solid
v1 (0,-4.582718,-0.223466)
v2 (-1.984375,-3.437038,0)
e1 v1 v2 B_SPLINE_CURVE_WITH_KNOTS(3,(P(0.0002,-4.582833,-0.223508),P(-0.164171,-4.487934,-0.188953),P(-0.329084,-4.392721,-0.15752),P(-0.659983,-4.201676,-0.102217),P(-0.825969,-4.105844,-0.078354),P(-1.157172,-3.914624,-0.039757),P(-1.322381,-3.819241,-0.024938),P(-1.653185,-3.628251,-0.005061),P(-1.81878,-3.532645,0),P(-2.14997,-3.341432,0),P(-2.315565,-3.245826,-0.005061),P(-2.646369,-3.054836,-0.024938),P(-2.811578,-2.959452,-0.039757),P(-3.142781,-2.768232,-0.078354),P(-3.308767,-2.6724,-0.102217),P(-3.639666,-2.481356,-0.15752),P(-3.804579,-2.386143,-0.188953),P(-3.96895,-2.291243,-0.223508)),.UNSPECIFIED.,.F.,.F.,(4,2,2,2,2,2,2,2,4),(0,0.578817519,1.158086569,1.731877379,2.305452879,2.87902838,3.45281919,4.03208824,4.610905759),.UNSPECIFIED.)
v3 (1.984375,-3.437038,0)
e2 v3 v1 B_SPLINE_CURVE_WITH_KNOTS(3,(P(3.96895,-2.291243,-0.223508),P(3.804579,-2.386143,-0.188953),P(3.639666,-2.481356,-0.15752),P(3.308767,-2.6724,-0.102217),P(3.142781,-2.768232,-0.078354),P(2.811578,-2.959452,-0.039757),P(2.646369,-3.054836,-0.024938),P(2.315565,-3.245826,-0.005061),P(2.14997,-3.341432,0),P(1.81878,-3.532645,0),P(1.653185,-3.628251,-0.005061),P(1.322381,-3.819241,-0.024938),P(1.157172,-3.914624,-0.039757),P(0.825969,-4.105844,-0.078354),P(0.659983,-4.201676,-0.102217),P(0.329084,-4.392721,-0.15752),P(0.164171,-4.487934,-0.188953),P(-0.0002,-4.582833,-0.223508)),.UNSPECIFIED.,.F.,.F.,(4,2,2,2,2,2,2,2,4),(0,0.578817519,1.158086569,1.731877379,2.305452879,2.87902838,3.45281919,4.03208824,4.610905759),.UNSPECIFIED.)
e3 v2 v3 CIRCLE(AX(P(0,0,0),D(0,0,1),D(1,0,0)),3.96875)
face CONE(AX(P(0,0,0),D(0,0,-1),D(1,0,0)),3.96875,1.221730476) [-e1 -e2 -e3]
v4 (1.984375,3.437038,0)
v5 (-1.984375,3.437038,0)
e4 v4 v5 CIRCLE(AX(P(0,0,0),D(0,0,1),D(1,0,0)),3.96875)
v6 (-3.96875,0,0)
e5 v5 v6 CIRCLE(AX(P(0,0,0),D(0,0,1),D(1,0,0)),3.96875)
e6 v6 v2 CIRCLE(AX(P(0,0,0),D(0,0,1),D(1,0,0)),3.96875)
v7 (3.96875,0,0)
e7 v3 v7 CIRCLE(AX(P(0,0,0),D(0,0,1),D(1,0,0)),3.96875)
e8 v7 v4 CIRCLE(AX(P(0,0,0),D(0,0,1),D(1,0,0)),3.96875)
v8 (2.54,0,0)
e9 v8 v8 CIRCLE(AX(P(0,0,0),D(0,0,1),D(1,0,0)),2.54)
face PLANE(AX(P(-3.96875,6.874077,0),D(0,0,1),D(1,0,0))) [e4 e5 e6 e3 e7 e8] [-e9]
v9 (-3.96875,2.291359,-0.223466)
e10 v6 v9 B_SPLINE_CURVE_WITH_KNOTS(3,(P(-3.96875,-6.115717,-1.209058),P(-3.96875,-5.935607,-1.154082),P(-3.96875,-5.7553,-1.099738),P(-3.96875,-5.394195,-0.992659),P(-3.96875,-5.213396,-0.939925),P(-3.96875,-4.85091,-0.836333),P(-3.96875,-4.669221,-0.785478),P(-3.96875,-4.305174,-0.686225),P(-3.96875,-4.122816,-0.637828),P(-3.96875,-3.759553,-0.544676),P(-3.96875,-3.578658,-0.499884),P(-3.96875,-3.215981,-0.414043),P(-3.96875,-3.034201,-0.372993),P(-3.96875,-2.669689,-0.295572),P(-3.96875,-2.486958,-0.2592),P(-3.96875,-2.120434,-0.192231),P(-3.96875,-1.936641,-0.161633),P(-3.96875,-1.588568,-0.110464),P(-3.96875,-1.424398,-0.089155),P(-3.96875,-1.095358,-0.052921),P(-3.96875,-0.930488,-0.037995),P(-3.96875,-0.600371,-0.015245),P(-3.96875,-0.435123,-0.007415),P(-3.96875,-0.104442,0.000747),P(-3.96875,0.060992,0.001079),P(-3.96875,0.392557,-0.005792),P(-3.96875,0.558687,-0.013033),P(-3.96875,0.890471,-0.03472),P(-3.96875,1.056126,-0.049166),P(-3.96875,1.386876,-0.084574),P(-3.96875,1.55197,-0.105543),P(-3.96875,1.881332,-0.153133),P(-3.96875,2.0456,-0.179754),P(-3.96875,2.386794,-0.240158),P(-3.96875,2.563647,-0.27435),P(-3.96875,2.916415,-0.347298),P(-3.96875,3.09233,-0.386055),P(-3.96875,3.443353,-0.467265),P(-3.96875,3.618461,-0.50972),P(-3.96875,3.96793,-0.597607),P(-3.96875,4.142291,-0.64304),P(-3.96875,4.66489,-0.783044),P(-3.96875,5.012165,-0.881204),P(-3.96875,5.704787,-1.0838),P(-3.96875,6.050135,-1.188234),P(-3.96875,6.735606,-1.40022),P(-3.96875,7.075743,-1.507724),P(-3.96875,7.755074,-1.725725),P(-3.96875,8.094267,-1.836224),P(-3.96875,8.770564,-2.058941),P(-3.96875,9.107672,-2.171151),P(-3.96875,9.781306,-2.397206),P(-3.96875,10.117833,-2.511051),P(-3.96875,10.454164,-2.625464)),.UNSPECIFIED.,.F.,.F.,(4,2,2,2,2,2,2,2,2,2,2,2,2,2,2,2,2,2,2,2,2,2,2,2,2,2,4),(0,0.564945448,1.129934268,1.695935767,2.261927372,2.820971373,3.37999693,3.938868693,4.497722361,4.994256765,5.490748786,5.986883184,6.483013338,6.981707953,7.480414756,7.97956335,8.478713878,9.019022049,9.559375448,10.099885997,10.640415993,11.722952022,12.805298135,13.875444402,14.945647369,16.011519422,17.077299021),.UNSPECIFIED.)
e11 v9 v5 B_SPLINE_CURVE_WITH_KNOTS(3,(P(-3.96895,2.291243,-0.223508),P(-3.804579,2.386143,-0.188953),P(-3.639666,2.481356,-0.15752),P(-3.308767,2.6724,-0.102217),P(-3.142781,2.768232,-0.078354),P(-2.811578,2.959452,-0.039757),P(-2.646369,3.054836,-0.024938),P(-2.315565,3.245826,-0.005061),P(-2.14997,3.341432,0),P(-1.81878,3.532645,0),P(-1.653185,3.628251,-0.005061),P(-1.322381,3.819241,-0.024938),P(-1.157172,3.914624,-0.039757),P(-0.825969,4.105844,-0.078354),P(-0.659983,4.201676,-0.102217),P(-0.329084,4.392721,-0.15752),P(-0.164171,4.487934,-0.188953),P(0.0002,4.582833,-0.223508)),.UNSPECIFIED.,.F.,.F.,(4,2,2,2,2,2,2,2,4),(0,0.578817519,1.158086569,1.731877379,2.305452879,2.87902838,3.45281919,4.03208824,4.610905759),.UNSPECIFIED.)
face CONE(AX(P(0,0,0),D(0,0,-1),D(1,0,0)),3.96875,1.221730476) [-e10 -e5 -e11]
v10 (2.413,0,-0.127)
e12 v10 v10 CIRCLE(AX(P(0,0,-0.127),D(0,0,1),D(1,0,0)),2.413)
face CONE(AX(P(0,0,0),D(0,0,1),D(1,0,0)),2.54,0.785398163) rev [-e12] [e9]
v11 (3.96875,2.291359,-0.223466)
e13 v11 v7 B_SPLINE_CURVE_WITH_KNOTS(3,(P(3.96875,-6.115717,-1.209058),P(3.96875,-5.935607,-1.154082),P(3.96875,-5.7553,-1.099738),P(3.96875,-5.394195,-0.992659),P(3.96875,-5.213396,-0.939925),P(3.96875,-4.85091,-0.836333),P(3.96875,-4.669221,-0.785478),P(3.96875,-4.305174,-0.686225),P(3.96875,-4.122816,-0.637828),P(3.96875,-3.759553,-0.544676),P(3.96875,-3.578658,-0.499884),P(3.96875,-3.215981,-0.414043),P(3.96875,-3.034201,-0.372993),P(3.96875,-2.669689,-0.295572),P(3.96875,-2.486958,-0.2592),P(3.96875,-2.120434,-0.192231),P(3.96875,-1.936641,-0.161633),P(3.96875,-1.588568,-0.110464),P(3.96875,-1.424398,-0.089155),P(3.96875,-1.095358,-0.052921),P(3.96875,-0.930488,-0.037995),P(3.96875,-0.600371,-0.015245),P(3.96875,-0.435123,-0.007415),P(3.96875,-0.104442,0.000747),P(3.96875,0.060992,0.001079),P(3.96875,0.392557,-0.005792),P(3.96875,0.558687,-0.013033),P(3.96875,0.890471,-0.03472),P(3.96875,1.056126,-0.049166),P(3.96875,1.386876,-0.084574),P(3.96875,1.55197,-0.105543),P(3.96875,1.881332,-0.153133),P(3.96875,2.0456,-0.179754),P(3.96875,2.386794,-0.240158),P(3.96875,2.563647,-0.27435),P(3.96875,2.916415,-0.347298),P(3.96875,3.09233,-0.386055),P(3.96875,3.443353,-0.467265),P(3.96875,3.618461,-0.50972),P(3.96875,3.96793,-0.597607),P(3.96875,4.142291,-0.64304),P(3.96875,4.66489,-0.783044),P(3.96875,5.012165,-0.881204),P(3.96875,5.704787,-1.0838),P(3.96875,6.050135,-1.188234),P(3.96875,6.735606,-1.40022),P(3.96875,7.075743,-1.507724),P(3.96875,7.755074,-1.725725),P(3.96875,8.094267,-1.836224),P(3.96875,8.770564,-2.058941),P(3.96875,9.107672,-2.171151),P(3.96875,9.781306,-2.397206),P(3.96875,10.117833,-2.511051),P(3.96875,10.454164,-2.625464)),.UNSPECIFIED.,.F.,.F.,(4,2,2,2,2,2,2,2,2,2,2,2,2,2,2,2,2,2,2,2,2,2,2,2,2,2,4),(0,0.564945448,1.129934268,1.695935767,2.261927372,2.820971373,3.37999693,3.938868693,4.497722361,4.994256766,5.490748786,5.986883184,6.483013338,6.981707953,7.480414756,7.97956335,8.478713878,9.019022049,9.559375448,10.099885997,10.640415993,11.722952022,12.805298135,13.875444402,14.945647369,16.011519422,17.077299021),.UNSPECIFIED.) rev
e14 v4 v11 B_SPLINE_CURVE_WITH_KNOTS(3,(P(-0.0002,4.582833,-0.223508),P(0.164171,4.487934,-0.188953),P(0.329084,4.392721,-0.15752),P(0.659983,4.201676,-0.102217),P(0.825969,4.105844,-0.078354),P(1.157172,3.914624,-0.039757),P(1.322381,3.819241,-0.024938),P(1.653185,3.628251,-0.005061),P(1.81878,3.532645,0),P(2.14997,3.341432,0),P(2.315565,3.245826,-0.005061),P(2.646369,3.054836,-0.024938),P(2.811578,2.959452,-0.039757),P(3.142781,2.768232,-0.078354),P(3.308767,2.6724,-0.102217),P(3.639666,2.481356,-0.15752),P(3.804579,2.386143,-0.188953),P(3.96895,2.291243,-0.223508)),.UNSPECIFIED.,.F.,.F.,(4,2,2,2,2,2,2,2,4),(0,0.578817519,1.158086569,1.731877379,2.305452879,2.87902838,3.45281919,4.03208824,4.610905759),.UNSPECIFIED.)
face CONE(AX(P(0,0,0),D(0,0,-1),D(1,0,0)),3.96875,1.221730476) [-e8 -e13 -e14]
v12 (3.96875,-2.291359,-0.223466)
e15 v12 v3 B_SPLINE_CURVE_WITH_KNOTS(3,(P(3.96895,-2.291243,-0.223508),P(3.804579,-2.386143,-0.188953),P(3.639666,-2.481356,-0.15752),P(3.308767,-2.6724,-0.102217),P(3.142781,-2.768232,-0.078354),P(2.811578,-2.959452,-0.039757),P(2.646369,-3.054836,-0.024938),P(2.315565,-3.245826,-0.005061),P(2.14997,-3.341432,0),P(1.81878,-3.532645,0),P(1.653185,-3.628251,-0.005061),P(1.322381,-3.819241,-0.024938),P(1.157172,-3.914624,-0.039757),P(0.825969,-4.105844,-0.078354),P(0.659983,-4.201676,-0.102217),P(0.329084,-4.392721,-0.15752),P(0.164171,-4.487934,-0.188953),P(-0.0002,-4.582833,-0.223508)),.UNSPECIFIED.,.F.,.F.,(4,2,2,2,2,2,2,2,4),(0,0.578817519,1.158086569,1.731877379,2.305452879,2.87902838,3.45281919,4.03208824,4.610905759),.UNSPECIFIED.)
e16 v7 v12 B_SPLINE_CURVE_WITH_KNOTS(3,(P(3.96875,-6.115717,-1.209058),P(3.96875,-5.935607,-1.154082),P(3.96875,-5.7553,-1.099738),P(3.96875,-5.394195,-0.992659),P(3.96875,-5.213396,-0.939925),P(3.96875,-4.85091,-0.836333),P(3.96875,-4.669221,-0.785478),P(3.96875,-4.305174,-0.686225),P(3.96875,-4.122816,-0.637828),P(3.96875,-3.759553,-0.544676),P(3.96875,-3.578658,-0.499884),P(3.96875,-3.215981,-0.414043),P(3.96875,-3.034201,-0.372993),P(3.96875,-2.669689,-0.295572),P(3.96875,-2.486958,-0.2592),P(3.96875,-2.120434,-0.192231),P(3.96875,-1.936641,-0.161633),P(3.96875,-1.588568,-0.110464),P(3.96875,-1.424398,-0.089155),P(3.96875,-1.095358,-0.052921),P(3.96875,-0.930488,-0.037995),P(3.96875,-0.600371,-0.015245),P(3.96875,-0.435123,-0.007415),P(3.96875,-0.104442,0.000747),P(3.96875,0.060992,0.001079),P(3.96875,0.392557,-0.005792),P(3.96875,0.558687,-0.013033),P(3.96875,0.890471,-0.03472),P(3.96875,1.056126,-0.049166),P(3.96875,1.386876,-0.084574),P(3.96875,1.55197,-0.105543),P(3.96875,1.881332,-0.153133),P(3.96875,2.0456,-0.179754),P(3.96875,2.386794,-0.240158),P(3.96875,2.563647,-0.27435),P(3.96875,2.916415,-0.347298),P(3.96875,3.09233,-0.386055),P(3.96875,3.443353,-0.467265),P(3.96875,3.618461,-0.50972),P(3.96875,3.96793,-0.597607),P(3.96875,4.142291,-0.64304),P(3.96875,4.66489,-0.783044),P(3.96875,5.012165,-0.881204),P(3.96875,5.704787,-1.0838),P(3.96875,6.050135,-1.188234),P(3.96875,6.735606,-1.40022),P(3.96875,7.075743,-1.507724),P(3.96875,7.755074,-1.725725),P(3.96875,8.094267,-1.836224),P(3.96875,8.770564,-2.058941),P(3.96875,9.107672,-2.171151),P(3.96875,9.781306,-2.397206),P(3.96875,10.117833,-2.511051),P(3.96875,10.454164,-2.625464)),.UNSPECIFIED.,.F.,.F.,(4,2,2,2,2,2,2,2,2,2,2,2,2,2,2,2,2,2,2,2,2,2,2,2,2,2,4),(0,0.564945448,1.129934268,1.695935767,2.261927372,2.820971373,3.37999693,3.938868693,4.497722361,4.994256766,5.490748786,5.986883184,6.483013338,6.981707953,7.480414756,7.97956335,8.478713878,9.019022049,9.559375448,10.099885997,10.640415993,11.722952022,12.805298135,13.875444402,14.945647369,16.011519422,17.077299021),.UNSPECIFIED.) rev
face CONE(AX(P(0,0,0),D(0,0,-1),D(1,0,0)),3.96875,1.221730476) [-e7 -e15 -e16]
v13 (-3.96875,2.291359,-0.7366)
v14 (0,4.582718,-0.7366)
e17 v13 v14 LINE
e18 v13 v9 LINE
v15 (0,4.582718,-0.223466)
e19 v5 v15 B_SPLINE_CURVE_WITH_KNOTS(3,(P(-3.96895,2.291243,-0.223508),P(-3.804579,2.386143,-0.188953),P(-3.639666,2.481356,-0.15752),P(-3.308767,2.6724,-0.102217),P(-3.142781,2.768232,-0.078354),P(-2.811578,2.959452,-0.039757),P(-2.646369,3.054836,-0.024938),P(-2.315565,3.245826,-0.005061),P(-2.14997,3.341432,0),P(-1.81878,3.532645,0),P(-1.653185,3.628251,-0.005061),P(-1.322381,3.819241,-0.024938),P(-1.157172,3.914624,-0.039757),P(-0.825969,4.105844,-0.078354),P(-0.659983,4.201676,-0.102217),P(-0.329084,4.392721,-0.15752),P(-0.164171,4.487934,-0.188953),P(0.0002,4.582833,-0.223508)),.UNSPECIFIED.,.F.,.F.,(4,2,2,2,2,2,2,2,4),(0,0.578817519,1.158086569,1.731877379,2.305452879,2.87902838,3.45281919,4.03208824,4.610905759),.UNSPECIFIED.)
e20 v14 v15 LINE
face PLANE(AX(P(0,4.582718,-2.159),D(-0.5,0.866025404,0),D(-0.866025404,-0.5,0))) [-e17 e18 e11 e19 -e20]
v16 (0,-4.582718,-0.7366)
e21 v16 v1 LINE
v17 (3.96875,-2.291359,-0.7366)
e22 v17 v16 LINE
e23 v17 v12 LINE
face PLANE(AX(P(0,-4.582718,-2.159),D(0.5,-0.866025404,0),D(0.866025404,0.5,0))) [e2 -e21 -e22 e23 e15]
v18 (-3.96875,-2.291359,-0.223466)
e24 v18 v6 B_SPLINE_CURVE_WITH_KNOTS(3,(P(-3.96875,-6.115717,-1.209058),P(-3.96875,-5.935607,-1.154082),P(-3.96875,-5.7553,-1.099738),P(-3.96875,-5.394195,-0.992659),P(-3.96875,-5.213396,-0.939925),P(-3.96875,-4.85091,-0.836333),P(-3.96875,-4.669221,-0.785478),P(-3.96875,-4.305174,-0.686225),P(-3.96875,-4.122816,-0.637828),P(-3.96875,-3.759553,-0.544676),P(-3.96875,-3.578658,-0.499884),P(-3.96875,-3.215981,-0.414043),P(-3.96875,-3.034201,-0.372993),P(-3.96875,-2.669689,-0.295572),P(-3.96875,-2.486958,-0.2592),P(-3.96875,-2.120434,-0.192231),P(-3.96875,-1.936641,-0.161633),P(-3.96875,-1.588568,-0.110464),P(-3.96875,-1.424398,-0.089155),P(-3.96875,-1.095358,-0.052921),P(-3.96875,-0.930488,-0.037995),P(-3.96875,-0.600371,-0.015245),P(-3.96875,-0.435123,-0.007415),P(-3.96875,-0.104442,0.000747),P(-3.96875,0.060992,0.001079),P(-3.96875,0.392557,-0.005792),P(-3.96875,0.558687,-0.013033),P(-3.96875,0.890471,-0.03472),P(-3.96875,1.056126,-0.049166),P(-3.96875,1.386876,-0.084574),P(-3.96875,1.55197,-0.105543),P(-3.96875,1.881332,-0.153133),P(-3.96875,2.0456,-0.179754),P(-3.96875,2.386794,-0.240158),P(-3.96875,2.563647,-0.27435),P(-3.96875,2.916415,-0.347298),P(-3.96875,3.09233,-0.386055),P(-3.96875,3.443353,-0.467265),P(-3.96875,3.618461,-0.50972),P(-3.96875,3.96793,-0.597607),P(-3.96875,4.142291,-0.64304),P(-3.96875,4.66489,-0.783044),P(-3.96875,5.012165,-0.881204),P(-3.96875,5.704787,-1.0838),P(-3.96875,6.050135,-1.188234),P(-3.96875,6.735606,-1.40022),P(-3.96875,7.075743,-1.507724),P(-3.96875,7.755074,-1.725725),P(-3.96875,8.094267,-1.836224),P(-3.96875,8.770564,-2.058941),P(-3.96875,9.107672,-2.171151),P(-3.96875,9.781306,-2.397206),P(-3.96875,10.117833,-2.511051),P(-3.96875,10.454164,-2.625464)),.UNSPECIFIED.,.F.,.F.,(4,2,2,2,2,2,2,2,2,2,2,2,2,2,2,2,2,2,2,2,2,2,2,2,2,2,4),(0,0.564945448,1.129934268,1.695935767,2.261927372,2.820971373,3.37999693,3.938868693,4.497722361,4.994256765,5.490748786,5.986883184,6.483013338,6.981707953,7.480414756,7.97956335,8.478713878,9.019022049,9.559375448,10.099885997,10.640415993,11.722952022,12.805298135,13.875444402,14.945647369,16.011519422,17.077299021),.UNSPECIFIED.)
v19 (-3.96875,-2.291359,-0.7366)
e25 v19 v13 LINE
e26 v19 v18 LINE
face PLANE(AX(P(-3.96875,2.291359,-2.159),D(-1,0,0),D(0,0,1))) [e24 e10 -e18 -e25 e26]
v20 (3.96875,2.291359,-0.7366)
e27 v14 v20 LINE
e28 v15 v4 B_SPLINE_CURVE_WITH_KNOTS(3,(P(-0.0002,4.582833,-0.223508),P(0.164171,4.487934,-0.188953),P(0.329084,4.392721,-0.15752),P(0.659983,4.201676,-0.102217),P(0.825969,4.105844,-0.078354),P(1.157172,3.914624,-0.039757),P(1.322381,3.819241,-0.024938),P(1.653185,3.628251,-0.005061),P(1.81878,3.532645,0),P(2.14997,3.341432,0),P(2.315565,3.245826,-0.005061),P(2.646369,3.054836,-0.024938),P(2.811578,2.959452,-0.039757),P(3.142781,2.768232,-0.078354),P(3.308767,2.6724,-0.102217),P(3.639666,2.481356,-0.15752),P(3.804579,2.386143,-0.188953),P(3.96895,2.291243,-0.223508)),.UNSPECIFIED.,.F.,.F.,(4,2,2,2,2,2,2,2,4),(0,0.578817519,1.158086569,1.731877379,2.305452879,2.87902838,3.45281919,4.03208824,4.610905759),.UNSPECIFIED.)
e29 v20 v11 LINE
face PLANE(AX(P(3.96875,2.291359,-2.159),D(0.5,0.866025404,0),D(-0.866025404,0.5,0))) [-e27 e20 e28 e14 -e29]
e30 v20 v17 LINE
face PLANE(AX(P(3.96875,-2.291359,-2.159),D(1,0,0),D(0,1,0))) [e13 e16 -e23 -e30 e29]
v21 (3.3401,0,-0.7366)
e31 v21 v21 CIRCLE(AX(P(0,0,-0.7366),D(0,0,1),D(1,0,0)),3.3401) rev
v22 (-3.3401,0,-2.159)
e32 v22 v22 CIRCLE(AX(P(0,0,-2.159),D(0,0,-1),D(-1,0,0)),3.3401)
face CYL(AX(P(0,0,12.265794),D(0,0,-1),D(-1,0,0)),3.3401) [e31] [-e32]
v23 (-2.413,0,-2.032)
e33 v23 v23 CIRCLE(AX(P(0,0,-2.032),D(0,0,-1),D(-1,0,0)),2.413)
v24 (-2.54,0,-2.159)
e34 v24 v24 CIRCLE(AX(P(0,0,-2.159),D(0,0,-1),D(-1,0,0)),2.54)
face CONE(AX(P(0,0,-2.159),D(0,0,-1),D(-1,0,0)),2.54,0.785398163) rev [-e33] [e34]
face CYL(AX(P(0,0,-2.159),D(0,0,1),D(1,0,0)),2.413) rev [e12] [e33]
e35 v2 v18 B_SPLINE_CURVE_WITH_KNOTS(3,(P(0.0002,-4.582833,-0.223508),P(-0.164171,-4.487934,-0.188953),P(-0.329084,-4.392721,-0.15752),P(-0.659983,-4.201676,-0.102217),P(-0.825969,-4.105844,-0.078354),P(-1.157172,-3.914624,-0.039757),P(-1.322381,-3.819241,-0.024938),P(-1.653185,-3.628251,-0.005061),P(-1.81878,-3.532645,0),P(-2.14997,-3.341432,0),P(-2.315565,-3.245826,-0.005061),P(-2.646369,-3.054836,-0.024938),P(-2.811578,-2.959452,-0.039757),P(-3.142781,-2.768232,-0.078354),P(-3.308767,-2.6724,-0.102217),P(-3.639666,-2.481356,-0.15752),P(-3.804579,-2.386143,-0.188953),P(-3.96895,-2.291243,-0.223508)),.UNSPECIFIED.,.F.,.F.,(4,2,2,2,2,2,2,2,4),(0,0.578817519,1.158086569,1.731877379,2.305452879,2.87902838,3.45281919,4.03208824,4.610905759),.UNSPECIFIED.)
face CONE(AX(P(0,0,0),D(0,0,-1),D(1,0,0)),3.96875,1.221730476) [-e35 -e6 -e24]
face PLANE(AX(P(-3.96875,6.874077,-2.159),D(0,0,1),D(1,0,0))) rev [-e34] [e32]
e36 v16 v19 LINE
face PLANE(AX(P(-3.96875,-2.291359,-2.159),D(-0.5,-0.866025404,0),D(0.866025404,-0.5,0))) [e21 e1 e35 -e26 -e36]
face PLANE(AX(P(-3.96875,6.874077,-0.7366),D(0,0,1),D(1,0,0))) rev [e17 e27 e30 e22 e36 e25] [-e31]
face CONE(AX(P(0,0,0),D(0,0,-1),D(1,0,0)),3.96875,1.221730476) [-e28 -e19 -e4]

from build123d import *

# Parameters (mm, degrees)
EXTRUDE1_DEPTH      = 2.159
SKETCH14_OUTSIDE_W  = 12.402
SKETCH14_OUTSIDE_H  = 13.63
SKETCH14_OUTSIDE_R  = 3.3401
CUT_EXTRUDE7_DEPTH  = 1.4224
SKETCH7_R           = 2.413
CUT_EXTRUDE3_DEPTH  = 7.435336794
SKETCH20_OUTSIDE_W  = 53.258
SKETCH20_OUTSIDE_H  = 54.486
SKETCH20_OUTSIDE_R  = 3.96875
CUT_EXTRUDE13_DEPTH = 7.435336794
CUT_EXTRUDE13_DRAFT = -70


with BuildPart() as part:
    # Sketch1 → Extrude1 (new body)
    with BuildSketch(Plane.XY):
        Polygon((0, 4.582717762), (-3.96875, 2.291358881), (-3.96875, -2.291358881), (0, -4.582717762), (3.96875, -2.291358881), (3.96875, 2.291358881), align=None)
    extrude(amount=-EXTRUDE1_DEPTH)

    # Sketch14 outside → Cut-Extrude7 (cut)
    with BuildSketch(Plane(origin=(0, 0, -2.159), x_dir=(-1, 0, 0), z_dir=(0, 0, -1))):
        Rectangle(SKETCH14_OUTSIDE_W, SKETCH14_OUTSIDE_H)
        Circle(SKETCH14_OUTSIDE_R, mode=Mode.SUBTRACT)
    extrude(amount=-CUT_EXTRUDE7_DEPTH, mode=Mode.SUBTRACT)

    # Sketch7 → Cut-Extrude3 (cut, through all)
    with BuildSketch(Plane.XY):
        Circle(SKETCH7_R)
    extrude(amount=-CUT_EXTRUDE3_DEPTH, mode=Mode.SUBTRACT)

    # Cut-Extrude6 cone 1 section (through the dimple's axis) → Cut-Extrude6 (revolve, cut)
    with BuildSketch(Plane(origin=(0, 0, 0), x_dir=(0, -1, 0), z_dir=(1, 0, 0))):
        Polygon((0, 0), (2.54, 0), (0, 2.54), align=None)
    revolve(axis=Axis((0, 0, 0), (0, 0, -1)), mode=Mode.SUBTRACT)

    # Cut-Extrude11 cone 1 section (through the dimple's axis) → Cut-Extrude11 (revolve, cut)
    with BuildSketch(Plane(origin=(0, 0, -2.159), x_dir=(0, 1, 0), z_dir=(1, 0, 0))):
        Polygon((0, 0), (2.54, 0), (0, 2.54), align=None)
    revolve(axis=Axis((0, 0, -2.159), (0, 0, 1)), mode=Mode.SUBTRACT)


with BuildPart() as cut_extrude13_tool:
    # Sketch20 outside → Cut-Extrude13 (with draft: the straight prism first)
    with BuildSketch(Plane.XY):
        Rectangle(SKETCH20_OUTSIDE_W, SKETCH20_OUTSIDE_H)
        Circle(SKETCH20_OUTSIDE_R, mode=Mode.SUBTRACT)
    extrude(amount=-CUT_EXTRUDE13_DEPTH)
    # Cut-Extrude13: the draft: its side faces are tilted about the plane it starts from
    cut_extrude13_sides = [cut_extrude13_tool.faces().sort_by_distance(p)[0] for p in [
        (0, -27.243, -3.717668397),
        (26.629, 0, -3.717668397),
        (0, 27.243, -3.717668397),
        (-26.629, 0, -3.717668397),
        (-3.96875, 0, -3.717668397),
    ]]
    draft(cut_extrude13_sides, Plane.XY, CUT_EXTRUDE13_DRAFT)


with BuildPart() as part_1:
    add(part.part)

    # Cut-Extrude13: cut by cut_extrude13_tool
    add(cut_extrude13_tool.part, mode=Mode.SUBTRACT)


solid = part_1.part
